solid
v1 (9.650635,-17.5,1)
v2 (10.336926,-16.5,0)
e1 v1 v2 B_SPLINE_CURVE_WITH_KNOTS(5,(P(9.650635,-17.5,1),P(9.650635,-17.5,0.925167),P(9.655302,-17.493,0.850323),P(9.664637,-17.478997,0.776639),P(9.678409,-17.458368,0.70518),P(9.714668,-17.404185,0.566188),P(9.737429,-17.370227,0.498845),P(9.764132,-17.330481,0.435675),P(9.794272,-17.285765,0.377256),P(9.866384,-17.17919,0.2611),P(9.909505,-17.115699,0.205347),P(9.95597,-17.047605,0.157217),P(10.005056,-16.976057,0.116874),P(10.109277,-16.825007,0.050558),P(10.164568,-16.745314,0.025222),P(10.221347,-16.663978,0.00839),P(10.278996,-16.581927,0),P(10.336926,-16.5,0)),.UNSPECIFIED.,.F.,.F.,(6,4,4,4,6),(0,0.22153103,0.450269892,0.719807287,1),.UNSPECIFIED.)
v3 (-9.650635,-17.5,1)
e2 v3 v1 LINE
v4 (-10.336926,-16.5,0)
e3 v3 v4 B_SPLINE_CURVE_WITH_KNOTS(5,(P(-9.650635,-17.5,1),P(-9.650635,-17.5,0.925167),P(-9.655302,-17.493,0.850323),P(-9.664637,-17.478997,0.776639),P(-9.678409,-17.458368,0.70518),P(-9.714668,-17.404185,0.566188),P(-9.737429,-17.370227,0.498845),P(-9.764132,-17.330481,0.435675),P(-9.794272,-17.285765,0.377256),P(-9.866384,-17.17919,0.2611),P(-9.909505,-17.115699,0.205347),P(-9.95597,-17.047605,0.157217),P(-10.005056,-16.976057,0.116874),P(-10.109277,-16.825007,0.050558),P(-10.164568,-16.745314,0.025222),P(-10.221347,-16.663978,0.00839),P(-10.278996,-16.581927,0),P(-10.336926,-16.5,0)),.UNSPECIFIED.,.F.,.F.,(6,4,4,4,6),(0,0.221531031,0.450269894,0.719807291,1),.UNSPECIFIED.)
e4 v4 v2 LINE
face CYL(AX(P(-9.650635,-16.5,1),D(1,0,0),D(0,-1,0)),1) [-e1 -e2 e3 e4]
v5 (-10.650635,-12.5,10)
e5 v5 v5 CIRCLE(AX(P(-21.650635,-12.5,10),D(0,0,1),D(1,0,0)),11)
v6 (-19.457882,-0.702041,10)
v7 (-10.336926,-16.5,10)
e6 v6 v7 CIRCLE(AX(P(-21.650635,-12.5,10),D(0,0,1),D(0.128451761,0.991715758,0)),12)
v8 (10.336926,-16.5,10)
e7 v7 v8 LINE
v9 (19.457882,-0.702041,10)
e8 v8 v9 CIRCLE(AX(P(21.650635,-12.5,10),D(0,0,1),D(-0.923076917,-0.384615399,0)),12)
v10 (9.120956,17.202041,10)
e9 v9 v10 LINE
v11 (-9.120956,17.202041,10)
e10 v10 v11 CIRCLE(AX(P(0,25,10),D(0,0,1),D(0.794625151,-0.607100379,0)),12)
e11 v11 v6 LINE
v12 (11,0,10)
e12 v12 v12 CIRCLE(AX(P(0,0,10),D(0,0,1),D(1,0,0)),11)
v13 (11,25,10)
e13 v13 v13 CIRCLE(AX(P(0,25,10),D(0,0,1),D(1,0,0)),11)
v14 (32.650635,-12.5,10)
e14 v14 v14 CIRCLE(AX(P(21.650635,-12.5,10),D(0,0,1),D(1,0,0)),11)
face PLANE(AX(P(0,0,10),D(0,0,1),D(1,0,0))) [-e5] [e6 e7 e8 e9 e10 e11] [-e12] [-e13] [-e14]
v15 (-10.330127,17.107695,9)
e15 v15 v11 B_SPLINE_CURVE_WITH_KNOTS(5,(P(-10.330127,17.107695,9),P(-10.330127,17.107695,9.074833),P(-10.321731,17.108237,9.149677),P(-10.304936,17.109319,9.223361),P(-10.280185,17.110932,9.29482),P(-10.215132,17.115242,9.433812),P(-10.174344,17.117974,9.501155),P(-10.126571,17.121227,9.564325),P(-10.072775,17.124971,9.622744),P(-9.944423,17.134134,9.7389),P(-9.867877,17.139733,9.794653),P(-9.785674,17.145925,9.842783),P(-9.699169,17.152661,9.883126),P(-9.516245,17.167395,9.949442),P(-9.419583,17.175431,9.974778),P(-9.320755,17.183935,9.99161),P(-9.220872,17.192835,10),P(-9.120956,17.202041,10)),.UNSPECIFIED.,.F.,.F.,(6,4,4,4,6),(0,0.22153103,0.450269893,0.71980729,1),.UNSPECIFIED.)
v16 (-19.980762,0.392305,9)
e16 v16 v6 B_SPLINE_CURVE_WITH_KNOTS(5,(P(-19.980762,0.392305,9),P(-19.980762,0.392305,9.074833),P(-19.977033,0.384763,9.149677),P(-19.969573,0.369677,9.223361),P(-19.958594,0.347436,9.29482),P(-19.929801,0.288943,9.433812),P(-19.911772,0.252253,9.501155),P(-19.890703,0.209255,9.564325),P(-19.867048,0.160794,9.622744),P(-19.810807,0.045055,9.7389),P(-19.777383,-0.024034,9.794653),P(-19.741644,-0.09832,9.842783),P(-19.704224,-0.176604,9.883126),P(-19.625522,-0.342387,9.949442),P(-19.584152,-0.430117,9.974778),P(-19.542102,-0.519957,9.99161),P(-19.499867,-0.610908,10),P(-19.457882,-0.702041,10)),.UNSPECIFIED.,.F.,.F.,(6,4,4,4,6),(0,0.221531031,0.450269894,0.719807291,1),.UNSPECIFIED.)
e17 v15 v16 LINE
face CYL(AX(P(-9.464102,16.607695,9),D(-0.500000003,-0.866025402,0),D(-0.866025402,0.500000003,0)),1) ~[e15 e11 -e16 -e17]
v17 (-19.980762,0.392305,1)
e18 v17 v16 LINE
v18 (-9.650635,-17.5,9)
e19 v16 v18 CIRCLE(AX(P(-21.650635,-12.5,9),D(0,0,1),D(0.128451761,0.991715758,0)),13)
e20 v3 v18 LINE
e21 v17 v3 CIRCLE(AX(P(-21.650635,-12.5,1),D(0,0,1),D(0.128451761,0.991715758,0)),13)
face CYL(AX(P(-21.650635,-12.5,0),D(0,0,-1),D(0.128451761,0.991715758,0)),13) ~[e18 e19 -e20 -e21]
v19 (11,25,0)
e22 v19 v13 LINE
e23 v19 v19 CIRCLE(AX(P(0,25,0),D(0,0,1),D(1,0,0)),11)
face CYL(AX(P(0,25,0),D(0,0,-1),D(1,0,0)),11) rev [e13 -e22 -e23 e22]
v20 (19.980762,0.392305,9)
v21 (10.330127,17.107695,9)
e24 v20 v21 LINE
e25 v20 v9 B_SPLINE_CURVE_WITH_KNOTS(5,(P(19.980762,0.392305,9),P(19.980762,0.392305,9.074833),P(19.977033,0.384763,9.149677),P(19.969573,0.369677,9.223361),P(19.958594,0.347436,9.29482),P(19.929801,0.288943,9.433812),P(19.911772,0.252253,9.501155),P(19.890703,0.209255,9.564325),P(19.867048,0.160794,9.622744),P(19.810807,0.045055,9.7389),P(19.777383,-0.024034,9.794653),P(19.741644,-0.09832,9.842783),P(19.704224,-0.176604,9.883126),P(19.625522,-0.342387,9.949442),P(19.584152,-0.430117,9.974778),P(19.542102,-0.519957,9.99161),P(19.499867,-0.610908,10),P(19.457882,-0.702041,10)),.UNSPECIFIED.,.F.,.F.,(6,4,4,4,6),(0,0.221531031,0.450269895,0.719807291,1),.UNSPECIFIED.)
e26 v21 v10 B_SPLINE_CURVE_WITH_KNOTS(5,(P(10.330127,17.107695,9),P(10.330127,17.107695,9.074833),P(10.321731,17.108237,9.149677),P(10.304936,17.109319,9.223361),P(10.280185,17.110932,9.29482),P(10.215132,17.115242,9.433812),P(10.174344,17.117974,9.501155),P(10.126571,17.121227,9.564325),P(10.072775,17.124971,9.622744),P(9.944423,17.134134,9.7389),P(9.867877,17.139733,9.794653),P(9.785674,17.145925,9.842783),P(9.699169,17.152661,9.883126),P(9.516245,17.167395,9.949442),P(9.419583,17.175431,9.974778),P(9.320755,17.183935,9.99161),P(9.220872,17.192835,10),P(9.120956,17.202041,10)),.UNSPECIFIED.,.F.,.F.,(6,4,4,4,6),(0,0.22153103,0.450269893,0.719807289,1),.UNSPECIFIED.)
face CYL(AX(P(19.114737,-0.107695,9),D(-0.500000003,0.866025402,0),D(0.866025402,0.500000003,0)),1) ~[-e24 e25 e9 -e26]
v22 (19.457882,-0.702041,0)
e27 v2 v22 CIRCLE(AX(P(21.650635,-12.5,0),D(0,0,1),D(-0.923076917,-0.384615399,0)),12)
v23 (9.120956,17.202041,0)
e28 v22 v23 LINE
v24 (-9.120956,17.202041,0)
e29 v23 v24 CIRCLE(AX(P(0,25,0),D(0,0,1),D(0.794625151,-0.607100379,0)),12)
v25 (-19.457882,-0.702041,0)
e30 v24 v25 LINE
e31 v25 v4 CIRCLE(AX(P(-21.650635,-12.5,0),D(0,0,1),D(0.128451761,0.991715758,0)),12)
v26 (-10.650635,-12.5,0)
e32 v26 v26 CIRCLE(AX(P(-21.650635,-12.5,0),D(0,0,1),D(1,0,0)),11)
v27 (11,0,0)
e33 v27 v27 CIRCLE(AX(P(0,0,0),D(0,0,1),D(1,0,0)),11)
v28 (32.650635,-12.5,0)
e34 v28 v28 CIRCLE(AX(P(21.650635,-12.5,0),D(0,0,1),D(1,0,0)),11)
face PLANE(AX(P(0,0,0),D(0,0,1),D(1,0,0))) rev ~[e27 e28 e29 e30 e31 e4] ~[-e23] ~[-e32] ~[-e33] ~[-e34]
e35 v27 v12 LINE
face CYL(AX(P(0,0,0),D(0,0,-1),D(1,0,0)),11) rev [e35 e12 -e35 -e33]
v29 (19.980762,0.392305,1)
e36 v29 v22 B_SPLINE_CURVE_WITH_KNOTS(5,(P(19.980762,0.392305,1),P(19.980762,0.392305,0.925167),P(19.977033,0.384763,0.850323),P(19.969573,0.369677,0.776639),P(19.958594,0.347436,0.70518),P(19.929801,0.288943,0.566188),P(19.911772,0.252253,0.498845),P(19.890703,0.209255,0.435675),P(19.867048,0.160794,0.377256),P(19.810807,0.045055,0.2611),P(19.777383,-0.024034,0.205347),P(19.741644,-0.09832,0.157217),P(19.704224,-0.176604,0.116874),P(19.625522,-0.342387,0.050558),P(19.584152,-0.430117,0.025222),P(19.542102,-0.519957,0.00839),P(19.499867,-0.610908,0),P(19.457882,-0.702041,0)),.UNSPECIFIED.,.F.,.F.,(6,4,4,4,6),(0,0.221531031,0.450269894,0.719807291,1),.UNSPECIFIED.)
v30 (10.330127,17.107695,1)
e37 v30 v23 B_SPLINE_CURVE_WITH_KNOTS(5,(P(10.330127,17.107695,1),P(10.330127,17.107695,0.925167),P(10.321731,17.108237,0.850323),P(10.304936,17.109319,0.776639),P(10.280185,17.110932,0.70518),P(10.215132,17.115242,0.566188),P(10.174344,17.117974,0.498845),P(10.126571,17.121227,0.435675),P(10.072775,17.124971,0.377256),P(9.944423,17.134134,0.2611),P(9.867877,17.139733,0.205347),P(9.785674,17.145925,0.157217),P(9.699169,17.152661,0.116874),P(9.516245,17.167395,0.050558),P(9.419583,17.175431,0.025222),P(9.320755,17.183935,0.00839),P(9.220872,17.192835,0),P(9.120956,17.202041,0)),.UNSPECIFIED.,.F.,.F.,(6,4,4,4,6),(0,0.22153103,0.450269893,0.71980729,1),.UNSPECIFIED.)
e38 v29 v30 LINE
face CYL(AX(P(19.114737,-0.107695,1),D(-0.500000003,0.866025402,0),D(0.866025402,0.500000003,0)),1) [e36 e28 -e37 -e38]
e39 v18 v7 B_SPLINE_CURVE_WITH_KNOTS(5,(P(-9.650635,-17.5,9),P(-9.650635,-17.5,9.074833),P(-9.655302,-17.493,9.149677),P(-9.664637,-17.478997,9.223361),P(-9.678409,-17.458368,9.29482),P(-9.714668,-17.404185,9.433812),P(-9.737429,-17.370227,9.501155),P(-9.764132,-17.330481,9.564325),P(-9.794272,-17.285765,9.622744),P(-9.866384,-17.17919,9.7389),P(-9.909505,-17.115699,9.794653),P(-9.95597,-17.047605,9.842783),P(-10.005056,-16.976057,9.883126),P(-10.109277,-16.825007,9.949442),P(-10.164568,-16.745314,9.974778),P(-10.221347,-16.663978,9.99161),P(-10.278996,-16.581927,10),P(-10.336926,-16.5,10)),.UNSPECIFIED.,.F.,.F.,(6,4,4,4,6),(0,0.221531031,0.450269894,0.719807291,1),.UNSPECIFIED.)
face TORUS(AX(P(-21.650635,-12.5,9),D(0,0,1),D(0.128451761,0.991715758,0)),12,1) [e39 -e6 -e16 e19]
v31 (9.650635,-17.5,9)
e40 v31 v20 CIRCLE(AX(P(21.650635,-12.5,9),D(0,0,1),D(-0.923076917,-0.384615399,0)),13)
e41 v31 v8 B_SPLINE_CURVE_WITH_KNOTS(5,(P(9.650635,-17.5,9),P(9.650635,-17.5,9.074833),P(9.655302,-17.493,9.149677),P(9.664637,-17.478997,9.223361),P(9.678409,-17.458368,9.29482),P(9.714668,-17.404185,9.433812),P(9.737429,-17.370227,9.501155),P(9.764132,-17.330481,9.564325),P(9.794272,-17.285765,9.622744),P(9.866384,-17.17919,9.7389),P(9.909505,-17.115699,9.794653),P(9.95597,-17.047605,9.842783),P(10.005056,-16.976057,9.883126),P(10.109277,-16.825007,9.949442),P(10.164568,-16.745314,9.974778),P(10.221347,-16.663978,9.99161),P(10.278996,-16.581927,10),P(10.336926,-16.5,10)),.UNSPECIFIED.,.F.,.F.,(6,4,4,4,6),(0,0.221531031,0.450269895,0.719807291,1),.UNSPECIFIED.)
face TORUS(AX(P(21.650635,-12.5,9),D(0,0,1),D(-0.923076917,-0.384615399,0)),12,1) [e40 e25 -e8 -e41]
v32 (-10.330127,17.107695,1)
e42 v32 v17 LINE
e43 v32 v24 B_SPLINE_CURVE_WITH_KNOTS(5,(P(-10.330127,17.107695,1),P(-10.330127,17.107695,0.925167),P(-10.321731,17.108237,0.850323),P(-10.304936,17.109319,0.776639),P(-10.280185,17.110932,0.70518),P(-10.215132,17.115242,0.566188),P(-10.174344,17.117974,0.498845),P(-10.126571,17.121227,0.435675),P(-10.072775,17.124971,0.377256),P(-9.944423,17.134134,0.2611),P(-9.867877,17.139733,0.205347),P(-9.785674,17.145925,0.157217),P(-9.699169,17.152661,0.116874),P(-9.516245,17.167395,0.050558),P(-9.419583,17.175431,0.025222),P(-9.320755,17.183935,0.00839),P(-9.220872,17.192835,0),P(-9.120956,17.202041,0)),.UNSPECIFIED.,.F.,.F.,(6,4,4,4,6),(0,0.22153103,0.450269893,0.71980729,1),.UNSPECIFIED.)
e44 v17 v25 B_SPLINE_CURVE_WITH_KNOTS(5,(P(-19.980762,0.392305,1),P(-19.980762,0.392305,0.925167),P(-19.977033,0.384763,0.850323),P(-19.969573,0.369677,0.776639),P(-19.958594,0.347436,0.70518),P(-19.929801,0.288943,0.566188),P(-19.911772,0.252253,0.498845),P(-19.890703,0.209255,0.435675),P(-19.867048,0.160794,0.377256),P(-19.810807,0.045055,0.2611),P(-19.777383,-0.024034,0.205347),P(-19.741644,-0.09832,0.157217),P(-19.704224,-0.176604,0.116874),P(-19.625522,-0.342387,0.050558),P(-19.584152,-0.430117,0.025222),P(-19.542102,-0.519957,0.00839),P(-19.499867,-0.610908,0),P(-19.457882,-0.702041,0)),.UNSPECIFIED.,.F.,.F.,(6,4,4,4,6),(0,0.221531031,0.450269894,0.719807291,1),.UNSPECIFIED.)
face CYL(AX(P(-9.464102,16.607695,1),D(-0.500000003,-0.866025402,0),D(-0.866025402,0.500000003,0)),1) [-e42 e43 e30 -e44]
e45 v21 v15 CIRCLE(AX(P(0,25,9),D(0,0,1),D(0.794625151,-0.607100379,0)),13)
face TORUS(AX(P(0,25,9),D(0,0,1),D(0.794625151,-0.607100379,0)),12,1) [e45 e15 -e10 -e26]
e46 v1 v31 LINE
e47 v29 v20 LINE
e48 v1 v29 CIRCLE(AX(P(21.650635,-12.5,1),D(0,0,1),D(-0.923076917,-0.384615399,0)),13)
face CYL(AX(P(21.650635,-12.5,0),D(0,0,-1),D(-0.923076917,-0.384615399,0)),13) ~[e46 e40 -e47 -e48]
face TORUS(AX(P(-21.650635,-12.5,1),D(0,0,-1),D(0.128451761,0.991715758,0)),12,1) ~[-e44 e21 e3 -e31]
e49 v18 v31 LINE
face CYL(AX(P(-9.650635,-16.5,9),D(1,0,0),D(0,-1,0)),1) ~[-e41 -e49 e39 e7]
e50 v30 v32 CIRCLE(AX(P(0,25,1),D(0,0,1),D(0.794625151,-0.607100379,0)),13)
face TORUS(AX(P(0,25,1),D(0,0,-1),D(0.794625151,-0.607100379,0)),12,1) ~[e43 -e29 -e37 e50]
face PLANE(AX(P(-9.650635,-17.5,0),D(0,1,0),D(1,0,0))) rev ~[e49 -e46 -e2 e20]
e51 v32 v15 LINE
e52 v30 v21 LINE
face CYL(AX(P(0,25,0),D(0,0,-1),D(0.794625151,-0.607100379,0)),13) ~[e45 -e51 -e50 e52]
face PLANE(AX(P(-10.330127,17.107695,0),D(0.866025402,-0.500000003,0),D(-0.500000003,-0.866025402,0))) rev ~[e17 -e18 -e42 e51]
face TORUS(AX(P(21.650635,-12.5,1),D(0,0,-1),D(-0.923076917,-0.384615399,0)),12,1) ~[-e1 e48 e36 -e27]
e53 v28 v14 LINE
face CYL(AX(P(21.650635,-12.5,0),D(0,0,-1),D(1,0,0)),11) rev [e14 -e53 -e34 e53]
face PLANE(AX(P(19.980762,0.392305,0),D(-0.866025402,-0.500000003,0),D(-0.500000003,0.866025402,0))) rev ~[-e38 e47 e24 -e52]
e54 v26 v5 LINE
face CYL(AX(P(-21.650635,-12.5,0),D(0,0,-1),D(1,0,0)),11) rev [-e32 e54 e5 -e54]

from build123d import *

# Parameters (mm, degrees)
F0_R     = 11
F1_DEPTH = 10
F2_R     = 1


with BuildPart() as f1:
    # F0 (on Top) → F1 (new body)
    with BuildSketch(Plane.XY):
        with BuildLine():
            Line((19.980762, 0.392305), (10.330127, 17.107695))
            ThreePointArc((10.330127, 17.107695), (0, 38), (-10.330127, 17.107695))
            Line((-10.330127, 17.107695), (-19.980762, 0.392305))
            ThreePointArc((-19.980762, 0.392305), (-32.908965, -19), (-9.650635, -17.5))
            Line((-9.650635, -17.5), (9.650635, -17.5))
            ThreePointArc((9.650635, -17.5), (32.908965, -19), (19.980762, 0.392305))
        make_face()
        with Locations((-21.650635, -12.5)):
            Circle(F0_R, mode=Mode.SUBTRACT)
        with Locations((21.650635, -12.5)):
            Circle(F0_R, mode=Mode.SUBTRACT)
        Circle(F0_R, mode=Mode.SUBTRACT)
        with Locations((0, 25)):
            Circle(F0_R, mode=Mode.SUBTRACT)
    extrude(amount=F1_DEPTH)

    # F2
    f2_edges = [f1.edges().sort_by_distance(p)[0] for p in [
        (-32.908965, -19, 10),
        (0, -17.5, 10),
        (32.908965, -19, 10),
        (15.155445, 8.75, 10),
        (0, 38, 10),
        (-15.155445, 8.75, 10),
        (15.155445, 8.75, 0),
        (32.908965, -19, 0),
        (0, -17.5, 0),
        (-32.908965, -19, 0),
        (-15.155445, 8.75, 0),
        (0, 38, 0),
    ]]
    fillet(f2_edges, radius=F2_R)


solid = f1.part
